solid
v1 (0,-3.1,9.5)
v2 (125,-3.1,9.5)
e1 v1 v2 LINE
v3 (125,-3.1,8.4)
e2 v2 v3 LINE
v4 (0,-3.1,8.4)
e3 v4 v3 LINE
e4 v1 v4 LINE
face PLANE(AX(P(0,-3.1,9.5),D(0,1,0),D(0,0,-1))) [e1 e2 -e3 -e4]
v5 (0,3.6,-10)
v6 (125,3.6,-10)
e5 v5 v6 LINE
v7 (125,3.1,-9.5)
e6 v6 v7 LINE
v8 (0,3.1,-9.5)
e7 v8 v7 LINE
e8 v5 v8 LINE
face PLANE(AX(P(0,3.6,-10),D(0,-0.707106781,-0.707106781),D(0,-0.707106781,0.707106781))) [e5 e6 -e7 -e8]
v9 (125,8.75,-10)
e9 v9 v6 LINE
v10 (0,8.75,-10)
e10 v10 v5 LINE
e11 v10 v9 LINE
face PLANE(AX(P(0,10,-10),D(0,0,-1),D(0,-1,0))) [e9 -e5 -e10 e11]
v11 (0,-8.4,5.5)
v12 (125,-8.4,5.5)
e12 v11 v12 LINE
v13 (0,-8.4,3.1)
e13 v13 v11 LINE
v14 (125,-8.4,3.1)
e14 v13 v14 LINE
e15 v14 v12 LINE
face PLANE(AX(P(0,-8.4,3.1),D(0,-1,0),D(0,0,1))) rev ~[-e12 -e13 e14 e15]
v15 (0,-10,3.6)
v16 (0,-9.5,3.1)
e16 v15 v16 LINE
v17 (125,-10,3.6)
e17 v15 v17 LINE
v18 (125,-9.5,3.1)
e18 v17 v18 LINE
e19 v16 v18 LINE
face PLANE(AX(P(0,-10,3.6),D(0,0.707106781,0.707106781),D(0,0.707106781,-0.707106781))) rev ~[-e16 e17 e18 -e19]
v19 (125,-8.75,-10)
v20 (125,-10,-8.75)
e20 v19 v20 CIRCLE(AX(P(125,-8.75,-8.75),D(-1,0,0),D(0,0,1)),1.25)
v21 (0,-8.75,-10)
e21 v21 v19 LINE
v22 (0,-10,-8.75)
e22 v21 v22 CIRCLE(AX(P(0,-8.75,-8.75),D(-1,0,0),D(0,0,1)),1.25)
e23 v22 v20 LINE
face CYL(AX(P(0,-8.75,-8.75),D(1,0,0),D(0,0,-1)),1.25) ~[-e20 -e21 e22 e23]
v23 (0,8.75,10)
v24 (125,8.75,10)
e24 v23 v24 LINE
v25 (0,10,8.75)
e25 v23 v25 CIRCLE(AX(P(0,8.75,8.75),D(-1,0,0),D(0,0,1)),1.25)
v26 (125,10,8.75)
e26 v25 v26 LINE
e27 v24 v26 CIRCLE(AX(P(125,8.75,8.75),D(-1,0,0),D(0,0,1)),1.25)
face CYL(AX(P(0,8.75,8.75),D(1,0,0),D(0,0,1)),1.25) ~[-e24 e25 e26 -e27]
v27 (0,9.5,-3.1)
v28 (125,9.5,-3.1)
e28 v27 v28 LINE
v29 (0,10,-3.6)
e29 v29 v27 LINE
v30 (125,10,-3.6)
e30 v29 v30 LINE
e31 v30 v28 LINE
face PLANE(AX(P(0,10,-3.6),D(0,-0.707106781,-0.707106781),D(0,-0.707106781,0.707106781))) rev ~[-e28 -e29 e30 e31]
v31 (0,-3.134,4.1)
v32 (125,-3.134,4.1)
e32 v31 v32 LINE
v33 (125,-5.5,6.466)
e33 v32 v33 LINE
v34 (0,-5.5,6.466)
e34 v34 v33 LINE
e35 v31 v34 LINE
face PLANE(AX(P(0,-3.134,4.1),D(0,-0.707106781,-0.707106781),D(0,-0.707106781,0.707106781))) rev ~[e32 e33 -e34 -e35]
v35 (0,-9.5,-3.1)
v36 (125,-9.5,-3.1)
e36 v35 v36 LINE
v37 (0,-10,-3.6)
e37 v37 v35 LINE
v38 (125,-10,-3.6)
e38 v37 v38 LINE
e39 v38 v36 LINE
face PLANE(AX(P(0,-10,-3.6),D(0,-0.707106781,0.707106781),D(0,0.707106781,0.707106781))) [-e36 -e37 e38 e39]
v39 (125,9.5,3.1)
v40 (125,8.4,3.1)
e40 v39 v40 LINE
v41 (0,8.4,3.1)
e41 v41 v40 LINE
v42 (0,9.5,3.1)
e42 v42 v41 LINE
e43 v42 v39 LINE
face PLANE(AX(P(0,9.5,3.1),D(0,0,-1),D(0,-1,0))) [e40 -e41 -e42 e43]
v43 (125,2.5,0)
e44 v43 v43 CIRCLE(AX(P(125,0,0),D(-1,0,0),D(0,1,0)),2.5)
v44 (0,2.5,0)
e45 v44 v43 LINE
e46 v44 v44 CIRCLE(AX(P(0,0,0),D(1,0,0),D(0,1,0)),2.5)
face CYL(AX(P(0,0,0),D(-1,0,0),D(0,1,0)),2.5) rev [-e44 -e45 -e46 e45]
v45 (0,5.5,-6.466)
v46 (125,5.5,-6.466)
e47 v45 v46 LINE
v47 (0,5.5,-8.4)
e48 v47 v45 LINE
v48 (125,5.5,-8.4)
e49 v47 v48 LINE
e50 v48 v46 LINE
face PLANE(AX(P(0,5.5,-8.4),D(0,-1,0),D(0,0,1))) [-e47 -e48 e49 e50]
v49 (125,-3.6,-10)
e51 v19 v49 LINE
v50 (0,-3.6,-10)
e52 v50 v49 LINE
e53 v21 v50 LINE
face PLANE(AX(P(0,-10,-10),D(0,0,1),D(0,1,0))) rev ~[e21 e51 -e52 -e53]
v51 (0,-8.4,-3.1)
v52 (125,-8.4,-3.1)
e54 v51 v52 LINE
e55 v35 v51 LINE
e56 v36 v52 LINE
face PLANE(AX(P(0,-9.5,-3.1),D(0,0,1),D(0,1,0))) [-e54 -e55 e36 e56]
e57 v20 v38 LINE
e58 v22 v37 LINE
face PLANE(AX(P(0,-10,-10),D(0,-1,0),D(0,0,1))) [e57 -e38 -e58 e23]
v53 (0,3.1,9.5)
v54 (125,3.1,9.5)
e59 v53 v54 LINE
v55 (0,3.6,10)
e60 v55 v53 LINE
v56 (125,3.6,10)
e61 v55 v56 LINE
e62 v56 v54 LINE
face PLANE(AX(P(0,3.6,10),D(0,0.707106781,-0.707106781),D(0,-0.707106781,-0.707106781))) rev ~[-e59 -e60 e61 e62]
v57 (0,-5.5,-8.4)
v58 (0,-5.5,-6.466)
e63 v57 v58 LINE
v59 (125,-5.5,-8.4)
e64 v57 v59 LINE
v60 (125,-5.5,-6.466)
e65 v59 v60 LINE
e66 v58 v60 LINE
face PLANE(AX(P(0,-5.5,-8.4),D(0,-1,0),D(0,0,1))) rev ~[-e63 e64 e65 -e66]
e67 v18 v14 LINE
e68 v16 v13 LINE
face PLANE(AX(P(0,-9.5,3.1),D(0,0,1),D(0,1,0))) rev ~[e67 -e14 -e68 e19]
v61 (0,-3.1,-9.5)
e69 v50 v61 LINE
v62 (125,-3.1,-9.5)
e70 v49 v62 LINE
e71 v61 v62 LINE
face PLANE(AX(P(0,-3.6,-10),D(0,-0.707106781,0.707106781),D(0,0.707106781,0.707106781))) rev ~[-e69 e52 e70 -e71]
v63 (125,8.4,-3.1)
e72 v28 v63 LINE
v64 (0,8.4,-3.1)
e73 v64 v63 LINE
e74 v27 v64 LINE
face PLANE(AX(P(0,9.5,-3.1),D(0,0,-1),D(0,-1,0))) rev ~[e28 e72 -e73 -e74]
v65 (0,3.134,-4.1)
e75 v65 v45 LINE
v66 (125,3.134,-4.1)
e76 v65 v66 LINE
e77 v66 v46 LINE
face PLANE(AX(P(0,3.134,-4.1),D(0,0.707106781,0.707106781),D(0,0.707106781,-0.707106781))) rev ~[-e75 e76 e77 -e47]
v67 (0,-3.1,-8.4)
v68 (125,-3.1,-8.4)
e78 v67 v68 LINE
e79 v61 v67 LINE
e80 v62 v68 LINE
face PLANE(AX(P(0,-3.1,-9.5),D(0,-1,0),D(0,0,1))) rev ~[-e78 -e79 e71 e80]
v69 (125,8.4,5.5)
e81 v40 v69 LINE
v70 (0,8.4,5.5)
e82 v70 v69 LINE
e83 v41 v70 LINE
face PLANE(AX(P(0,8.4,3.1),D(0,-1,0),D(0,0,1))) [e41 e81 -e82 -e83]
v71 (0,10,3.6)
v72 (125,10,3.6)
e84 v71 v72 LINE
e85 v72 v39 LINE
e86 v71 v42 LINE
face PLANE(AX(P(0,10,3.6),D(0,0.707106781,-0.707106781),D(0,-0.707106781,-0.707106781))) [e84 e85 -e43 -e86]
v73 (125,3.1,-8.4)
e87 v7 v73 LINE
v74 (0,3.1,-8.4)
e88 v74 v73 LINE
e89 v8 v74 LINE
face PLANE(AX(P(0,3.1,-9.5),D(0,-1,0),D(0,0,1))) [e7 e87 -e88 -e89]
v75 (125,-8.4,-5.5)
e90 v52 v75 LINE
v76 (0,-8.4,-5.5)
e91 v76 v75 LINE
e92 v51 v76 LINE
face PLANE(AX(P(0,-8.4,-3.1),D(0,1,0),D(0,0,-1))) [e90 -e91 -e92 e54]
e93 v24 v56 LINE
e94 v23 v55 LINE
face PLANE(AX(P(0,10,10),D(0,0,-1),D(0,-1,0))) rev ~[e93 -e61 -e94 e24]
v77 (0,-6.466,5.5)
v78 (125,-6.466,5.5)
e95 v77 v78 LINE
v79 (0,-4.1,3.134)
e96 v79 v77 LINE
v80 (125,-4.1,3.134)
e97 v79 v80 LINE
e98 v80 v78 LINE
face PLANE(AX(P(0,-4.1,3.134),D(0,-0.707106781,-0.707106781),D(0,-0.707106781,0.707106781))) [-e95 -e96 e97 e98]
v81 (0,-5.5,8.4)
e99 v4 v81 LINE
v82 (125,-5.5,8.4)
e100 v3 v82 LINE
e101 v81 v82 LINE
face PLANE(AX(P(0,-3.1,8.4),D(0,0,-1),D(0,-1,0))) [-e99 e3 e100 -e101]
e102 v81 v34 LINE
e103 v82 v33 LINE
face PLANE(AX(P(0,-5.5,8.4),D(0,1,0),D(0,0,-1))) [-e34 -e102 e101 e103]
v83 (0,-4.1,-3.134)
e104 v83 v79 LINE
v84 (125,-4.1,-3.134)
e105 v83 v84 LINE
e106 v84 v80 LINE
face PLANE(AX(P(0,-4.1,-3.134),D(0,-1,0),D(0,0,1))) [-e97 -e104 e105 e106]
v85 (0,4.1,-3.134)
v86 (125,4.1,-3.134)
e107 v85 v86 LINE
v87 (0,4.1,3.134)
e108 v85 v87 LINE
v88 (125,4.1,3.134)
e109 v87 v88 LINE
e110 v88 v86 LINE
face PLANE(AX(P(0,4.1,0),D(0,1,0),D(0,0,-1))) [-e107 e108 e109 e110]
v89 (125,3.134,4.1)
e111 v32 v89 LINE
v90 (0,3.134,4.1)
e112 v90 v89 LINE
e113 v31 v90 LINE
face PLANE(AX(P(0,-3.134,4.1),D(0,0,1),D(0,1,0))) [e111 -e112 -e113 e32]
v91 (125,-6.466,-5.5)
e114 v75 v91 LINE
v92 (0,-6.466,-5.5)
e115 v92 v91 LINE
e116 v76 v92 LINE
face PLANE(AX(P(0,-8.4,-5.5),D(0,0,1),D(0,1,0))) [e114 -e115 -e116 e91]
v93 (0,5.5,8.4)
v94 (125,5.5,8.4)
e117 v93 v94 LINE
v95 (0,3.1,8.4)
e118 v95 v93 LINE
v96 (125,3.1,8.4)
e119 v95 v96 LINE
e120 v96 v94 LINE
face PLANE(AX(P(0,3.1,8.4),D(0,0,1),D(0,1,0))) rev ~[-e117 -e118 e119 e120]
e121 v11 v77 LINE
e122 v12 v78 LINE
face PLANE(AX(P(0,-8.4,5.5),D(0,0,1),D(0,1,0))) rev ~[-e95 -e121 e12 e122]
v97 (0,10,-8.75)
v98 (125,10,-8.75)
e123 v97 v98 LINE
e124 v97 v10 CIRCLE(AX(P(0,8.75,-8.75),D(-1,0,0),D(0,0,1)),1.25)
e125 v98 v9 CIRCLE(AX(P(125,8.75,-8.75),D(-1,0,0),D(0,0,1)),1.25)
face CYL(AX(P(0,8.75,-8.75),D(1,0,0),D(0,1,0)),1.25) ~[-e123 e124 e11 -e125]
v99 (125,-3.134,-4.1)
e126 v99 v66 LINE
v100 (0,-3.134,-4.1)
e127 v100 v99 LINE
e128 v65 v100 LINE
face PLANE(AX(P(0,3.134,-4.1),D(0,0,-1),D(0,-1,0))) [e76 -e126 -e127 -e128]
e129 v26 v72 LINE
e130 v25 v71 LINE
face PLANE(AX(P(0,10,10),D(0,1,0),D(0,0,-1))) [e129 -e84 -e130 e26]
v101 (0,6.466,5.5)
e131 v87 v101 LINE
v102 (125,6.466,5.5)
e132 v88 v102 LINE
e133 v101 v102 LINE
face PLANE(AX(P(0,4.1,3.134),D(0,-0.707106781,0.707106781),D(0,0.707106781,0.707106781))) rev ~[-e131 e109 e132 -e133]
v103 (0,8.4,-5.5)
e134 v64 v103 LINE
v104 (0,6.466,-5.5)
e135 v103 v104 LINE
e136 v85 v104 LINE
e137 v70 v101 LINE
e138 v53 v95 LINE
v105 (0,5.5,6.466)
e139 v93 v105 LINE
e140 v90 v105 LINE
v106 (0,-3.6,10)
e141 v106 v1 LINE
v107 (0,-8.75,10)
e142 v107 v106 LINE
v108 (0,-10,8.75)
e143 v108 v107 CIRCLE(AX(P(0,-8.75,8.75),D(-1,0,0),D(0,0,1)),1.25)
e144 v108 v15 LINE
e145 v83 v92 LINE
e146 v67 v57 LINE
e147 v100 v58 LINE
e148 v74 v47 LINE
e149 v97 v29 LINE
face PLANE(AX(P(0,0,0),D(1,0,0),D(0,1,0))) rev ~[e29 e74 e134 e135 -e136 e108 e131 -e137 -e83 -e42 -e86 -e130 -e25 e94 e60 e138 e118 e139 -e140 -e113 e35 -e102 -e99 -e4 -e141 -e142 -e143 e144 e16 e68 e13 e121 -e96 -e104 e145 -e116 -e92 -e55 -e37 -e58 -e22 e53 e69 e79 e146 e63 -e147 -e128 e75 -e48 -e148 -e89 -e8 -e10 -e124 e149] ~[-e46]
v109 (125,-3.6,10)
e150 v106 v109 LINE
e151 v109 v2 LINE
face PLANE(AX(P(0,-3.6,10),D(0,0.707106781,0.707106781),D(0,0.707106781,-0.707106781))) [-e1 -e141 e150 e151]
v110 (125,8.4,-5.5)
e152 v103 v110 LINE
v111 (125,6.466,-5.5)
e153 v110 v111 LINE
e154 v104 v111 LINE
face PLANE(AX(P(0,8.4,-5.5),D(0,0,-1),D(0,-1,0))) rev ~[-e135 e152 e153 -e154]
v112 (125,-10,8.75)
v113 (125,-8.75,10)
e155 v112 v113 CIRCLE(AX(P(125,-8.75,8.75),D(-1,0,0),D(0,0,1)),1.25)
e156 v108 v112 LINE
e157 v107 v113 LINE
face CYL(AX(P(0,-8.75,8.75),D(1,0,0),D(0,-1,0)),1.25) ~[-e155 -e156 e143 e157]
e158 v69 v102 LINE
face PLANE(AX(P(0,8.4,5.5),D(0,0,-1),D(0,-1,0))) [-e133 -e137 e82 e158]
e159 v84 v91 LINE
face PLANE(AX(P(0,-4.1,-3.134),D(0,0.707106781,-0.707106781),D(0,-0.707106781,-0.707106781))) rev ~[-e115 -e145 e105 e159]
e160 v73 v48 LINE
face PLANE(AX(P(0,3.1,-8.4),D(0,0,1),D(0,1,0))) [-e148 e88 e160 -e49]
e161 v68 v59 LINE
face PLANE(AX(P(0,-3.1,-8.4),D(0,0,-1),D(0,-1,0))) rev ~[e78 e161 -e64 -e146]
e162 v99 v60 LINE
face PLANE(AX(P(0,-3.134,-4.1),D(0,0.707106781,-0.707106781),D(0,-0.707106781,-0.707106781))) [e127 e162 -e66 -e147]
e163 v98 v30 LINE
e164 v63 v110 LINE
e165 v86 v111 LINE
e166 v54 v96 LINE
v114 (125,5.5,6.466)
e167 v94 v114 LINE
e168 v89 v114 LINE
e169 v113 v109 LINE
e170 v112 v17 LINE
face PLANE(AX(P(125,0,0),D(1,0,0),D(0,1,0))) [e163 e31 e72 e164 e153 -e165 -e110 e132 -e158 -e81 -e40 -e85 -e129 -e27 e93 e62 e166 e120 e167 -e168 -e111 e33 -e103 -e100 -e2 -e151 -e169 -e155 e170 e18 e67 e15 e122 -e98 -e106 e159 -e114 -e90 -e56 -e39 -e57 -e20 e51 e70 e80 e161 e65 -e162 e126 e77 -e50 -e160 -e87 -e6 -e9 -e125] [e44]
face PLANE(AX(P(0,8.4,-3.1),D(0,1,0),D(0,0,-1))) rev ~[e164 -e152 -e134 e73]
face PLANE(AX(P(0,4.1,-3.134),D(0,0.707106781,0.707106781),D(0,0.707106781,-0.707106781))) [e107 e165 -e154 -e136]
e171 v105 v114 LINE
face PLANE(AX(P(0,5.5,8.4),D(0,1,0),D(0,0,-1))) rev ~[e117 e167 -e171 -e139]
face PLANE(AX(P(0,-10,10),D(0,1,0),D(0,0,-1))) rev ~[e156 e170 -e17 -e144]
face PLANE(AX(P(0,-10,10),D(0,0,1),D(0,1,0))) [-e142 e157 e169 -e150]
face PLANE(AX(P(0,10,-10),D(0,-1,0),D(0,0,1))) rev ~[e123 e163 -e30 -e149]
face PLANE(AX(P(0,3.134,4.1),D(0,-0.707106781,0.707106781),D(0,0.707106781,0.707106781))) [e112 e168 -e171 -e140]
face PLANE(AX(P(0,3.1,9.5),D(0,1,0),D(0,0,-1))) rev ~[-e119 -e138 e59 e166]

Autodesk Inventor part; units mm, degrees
ref_plane "YZ Plane" through (0, 0, 0) normal (1, 0, 0) x (0, 1, 0)
ref_plane "XZ Plane" through (0, 0, 0) normal (0, 1, 0) x (-1, 0, 0)
ref_plane "XY Plane" through (0, 0, 0) normal (0, 0, 1) x (1, 0, 0)
sketch "Sketch1" plane through (0, 0, 0) normal (1, 0, 0) x (0, 1, 0)
  circle A0 centre (0, 0) radius 2.5
  line L0 (0, 0) -> (10, 0)
  line L1 (10, -10) -> (10, -3.6)
  line L2 (10, -3.6) -> (9.5, -3.1)
  line L3 (9.5, -3.1) -> (8.4, -3.1)
  line L4 (8.4, -3.1) -> (8.4, -5.5)
  line L5 (-3.134, 4.1) -> (3.134, 4.1)
  line L6 (4.1, 3.134) -> (4.1, -3.134)
  line L7 (3.134, -4.1) -> (-3.134, -4.1)
  line L8 (-4.1, -3.134) -> (-4.1, 3.134)
  line L9 (-4.1, 4.1) -> (4.1, -4.1) construction
  line L10 (4.1, 4.1) -> (-4.1, -4.1) construction
  line L11 (4.1, -3.134) -> (6.466, -5.5)
  line L12 (8.4, -5.5) -> (6.466, -5.5)
  line L13 (10, -10) -> (3.6, -10)
  line L14 (3.6, -10) -> (3.1, -9.5)
  line L15 (3.1, -9.5) -> (3.1, -8.4)
  line L16 (3.1, -8.4) -> (5.5, -8.4)
  line L17 (3.134, -4.1) -> (5.5, -6.466)
  line L18 (5.5, -8.4) -> (5.5, -6.466)
  line L19 (10, 10) -> (10, 3.6)
  line L20 (10, 3.6) -> (9.5, 3.1)
  line L21 (9.5, 3.1) -> (8.4, 3.1)
  line L22 (8.4, 3.1) -> (8.4, 5.5)
  line L23 (4.1, 3.134) -> (6.466, 5.5)
  line L24 (8.4, 5.5) -> (6.466, 5.5)
  line L25 (5.5, 8.4) -> (5.5, 6.466)
  line L26 (3.134, 4.1) -> (5.5, 6.466)
  line L27 (3.1, 8.4) -> (5.5, 8.4)
  line L28 (3.1, 9.5) -> (3.1, 8.4)
  line L29 (3.6, 10) -> (3.1, 9.5)
  line L30 (10, 10) -> (3.6, 10)
  line L31 (0, 0) -> (0, -5.5)
  line L32 (-10, -10) -> (-10, -3.6)
  line L33 (-10, -3.6) -> (-9.5, -3.1)
  line L34 (-9.5, -3.1) -> (-8.4, -3.1)
  line L35 (-8.4, -3.1) -> (-8.4, -5.5)
  line L36 (-4.1, -3.134) -> (-6.466, -5.5)
  line L37 (-8.4, -5.5) -> (-6.466, -5.5)
  line L38 (-5.5, -8.4) -> (-5.5, -6.466)
  line L39 (-3.134, -4.1) -> (-5.5, -6.466)
  line L40 (-3.1, -8.4) -> (-5.5, -8.4)
  line L41 (-3.1, -9.5) -> (-3.1, -8.4)
  line L42 (-3.6, -10) -> (-3.1, -9.5)
  line L43 (-10, -10) -> (-3.6, -10)
  line L44 (-4.1, 3.134) -> (-6.466, 5.5)
  line L45 (-3.134, 4.1) -> (-5.5, 6.466)
  line L46 (-8.4, 3.1) -> (-8.4, 5.5)
  line L47 (-8.4, 5.5) -> (-6.466, 5.5)
  line L48 (-5.5, 8.4) -> (-5.5, 6.466)
  line L49 (-3.1, 8.4) -> (-5.5, 8.4)
  line L50 (-9.5, 3.1) -> (-8.4, 3.1)
  line L51 (-10, 3.6) -> (-9.5, 3.1)
  line L52 (-3.1, 9.5) -> (-3.1, 8.4)
  line L53 (-3.6, 10) -> (-3.1, 9.5)
  line L54 (-10, 10) -> (-3.6, 10)
  line L55 (-10, 10) -> (-10, 3.6)
  point P0 (-10, 0)
  dimension "d0" = 5
  dimension "d3" = 3.6
  dimension "d4" = 45
  dimension "d5" = 3.1
  dimension "d7" = 5.5
  dimension "d8" = 1.6
  dimension "d11" = 4.3
extrude "Extrusion1" add sketch "Sketch1" along normal blind 125 contours L0 L6 L11 L12 L4 L3 L2 L1 L13 L14 L15 L16 L18 L17 L7 L31 A0 | A0 L31 L7 L39 L38 L40 L41 L42 L43 L32 L33 L34 L35 L37 L36 L8 L44 L47 L46 L50 L51 L55 L54 L53 L52 L49 L48 L45 L5 L26 L25 L27 L28 L29 L30 L19 L20 L21 L22 L24 L23 L6 L0
fillet "Fillet1" radius 1.25 4 edges at (62.5, 10, 10) (62.5, -10, 10) (62.5, 10, -10) (62.5, -10, -10)
properties part number "2020-125mm"
